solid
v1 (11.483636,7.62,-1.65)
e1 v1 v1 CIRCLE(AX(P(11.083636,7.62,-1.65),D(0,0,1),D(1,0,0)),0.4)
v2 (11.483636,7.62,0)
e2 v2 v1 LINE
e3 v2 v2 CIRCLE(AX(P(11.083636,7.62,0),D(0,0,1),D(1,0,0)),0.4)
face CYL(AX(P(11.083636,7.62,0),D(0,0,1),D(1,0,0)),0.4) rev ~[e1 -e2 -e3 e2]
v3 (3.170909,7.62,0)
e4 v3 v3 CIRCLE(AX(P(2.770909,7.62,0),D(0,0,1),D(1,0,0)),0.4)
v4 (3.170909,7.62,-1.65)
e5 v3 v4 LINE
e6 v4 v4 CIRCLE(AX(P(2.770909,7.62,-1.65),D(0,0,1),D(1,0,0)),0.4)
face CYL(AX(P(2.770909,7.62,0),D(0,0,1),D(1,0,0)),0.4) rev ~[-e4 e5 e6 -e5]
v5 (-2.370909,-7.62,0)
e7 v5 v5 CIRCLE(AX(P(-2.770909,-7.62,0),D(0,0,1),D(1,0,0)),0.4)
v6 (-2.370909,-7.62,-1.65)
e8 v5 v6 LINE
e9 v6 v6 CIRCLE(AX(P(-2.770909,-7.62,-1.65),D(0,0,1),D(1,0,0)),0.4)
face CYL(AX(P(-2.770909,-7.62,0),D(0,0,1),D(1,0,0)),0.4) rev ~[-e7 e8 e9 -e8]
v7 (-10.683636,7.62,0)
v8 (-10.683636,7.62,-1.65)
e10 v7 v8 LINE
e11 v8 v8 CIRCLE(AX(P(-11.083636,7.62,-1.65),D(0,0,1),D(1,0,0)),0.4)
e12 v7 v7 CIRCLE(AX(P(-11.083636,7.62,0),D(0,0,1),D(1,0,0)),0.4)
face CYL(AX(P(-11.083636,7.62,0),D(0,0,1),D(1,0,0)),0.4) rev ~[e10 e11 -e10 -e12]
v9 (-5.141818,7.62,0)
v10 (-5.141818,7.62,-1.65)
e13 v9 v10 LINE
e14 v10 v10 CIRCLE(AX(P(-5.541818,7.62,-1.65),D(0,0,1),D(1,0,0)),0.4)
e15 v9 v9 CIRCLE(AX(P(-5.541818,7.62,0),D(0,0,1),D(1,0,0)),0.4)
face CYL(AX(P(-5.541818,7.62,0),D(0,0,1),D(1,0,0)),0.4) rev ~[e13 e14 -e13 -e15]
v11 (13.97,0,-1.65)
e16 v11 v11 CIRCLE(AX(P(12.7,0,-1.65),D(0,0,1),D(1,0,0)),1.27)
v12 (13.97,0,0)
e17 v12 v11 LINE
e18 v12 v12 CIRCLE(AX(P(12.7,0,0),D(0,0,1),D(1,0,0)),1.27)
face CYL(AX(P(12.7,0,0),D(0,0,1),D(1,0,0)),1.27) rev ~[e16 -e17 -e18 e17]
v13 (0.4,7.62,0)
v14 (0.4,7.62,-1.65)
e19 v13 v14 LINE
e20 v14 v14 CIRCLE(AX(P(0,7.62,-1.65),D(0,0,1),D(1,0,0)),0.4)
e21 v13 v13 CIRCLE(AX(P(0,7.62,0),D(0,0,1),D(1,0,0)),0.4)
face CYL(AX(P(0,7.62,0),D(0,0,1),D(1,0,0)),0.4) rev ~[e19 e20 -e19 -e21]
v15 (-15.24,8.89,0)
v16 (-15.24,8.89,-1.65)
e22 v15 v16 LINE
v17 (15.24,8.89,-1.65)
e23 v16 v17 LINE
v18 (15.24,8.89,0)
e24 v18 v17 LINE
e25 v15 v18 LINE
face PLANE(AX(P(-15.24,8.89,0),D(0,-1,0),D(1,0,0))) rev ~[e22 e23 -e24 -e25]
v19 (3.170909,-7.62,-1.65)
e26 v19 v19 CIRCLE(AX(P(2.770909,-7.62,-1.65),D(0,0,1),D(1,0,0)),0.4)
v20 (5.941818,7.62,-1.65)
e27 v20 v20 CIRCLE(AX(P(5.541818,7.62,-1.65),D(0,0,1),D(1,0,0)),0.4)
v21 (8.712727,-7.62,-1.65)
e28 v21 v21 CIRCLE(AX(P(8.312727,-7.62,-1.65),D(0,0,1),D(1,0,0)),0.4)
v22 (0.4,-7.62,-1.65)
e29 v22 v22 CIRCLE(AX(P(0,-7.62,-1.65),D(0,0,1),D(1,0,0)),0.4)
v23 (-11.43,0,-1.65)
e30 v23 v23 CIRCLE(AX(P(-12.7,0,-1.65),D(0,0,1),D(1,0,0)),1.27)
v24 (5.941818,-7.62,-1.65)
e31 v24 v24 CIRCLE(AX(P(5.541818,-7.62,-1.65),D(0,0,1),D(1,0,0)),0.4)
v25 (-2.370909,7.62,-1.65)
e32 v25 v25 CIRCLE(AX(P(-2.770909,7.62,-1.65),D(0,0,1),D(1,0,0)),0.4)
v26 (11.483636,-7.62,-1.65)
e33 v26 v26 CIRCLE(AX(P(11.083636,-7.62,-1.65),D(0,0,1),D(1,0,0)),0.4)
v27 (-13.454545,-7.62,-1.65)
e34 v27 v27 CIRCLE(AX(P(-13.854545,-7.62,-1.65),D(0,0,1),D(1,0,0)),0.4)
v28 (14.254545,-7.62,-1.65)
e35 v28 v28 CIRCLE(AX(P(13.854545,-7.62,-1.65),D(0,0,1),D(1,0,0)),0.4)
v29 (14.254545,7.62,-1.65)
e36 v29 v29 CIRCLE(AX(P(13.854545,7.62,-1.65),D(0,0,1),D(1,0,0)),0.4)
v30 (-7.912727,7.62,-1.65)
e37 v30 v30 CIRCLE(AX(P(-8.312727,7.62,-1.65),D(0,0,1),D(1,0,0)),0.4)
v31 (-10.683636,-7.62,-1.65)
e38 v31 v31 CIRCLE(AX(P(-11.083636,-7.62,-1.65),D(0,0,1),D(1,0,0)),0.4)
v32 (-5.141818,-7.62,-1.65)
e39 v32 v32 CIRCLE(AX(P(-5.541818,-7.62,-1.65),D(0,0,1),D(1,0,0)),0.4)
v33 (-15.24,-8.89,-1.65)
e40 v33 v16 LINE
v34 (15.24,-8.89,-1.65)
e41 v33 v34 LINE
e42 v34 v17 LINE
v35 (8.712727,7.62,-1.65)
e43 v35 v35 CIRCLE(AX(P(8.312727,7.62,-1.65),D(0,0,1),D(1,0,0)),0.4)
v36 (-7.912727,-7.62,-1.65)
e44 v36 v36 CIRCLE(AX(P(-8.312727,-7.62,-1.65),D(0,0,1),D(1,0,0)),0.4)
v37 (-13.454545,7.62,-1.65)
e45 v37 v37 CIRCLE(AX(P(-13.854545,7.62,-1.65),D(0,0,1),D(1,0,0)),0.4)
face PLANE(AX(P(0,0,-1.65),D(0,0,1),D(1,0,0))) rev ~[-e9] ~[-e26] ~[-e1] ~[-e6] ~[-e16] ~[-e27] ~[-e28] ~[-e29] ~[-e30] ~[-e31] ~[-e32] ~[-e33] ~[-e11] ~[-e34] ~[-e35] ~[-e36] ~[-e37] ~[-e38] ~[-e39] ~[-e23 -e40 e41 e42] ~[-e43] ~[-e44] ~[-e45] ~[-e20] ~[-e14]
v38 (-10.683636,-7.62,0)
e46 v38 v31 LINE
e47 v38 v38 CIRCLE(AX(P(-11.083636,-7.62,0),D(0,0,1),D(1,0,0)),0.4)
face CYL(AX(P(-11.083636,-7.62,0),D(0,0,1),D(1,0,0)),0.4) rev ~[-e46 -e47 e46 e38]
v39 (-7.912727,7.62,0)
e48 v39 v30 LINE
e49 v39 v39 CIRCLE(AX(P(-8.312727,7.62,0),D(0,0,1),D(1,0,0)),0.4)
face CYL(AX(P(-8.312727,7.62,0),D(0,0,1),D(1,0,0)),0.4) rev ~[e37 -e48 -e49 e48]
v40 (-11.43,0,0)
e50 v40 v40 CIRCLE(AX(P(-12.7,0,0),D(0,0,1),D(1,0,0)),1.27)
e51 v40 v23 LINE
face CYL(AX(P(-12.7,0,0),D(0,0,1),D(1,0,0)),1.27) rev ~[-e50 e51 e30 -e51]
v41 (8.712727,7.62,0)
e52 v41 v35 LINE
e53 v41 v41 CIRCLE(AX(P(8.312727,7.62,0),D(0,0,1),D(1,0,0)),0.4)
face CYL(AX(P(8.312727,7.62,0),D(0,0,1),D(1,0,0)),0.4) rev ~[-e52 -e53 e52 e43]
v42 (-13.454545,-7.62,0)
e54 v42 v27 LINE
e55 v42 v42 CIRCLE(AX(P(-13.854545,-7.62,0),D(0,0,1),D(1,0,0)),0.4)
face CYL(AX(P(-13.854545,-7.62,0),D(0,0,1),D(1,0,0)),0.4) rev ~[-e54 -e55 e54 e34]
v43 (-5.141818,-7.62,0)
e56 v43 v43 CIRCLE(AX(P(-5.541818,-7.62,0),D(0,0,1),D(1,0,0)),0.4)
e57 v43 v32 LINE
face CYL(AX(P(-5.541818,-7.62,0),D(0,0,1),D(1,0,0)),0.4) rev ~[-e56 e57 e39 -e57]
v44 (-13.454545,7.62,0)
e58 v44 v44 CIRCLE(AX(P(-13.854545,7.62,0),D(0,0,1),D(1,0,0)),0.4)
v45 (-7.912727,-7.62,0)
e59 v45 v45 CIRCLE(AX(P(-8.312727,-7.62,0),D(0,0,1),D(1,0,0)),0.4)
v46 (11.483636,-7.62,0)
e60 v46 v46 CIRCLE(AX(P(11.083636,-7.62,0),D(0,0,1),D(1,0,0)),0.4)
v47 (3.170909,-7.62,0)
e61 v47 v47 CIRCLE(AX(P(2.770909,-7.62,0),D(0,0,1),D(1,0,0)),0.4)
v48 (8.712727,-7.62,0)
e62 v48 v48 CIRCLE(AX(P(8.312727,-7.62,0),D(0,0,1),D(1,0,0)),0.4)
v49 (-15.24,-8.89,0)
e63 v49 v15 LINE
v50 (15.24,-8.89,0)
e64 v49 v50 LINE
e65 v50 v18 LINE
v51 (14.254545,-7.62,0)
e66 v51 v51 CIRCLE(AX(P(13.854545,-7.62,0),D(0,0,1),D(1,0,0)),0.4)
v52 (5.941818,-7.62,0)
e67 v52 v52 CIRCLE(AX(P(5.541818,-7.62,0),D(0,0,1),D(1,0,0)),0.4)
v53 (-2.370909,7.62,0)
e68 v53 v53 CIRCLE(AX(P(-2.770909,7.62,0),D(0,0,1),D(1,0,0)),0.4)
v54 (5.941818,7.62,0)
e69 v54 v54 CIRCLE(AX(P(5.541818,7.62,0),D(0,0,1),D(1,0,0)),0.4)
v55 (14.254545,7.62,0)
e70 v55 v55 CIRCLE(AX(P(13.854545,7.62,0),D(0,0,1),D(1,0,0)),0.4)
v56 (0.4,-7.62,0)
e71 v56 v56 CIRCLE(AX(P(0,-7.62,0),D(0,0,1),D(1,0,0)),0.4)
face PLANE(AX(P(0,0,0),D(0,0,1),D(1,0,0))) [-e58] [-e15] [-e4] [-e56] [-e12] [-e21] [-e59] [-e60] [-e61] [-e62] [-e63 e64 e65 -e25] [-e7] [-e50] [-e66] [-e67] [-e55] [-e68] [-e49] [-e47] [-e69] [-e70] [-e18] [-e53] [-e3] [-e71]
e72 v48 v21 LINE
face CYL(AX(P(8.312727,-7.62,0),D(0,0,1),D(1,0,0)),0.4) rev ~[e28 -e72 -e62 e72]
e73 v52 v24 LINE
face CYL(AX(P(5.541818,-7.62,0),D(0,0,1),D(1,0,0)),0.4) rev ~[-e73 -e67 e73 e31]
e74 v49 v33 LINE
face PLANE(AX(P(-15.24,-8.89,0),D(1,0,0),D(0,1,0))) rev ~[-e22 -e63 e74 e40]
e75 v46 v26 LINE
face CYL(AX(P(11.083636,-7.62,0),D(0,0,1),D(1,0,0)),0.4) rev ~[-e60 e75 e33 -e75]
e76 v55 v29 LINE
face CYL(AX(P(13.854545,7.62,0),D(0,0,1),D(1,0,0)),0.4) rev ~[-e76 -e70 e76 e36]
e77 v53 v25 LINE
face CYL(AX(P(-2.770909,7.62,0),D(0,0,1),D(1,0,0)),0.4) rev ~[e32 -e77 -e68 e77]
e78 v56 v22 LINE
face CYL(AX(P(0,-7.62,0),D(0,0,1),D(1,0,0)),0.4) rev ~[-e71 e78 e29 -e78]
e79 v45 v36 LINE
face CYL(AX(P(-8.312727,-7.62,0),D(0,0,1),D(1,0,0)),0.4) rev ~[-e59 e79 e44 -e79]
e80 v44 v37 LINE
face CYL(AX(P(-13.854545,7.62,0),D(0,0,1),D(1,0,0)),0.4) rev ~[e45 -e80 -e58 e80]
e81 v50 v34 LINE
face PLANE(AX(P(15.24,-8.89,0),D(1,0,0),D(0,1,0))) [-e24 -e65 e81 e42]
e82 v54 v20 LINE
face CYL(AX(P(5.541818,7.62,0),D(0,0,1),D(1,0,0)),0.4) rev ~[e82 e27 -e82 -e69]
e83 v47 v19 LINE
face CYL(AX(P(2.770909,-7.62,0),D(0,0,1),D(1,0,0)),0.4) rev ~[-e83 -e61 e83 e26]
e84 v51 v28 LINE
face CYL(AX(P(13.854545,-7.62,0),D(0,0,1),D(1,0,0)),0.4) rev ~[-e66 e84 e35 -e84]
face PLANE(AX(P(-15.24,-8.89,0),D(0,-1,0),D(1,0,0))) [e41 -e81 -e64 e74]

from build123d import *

# Parameters (mm, degrees)
SKETCH040_W            = 30.48
SKETCH040_H            = 17.78
PAD015_DEPTH           = 1.65
SKETCH042_R            = 1.27
POCKET024_DEPTH        = 1.651
SKETCH044_R            = 0.4
POCKET025_DEPTH        = 1.651
LINEARPATTERN_COUNT    = 12
LINEARPATTERN_PITCH    = 2.770909
LINEARPATTERN001_COUNT = 12
LINEARPATTERN001_PITCH = 2.770909


with BuildPart() as part:
    # Sketch040 → Pad015 (new body)
    with BuildSketch(Plane.XY):
        Rectangle(SKETCH040_W, SKETCH040_H)
    extrude(amount=-PAD015_DEPTH)

    # Sketch042 → Pocket024 (cut, through all)
    with BuildSketch(Plane.XY):
        with Locations((-12.7, 0)):
            Circle(SKETCH042_R)
        with Locations((12.7, 0)):
            Circle(SKETCH042_R)
    extrude(amount=-POCKET024_DEPTH, mode=Mode.SUBTRACT)

    # Sketch044 → Pocket025 (cut, through all)
    with BuildSketch(Plane.XY):
        with Locations((0, -7.62)):
            Circle(SKETCH044_R)
        with Locations((0, 7.62)):
            Circle(SKETCH044_R)
    pocket025 = extrude(amount=-POCKET025_DEPTH, mode=Mode.SUBTRACT)

    # LinearPattern: Pocket025 ×12
    with Locations(*[(i * LINEARPATTERN_PITCH, 0, 0) for i in range(1, LINEARPATTERN_COUNT)]):
        add(pocket025, mode=Mode.SUBTRACT)

    # LinearPattern001: Pocket025 ×12
    with Locations(*[(-i * LINEARPATTERN001_PITCH, 0, 0) for i in range(1, LINEARPATTERN001_COUNT)]):
        add(pocket025, mode=Mode.SUBTRACT)


solid = part.part
